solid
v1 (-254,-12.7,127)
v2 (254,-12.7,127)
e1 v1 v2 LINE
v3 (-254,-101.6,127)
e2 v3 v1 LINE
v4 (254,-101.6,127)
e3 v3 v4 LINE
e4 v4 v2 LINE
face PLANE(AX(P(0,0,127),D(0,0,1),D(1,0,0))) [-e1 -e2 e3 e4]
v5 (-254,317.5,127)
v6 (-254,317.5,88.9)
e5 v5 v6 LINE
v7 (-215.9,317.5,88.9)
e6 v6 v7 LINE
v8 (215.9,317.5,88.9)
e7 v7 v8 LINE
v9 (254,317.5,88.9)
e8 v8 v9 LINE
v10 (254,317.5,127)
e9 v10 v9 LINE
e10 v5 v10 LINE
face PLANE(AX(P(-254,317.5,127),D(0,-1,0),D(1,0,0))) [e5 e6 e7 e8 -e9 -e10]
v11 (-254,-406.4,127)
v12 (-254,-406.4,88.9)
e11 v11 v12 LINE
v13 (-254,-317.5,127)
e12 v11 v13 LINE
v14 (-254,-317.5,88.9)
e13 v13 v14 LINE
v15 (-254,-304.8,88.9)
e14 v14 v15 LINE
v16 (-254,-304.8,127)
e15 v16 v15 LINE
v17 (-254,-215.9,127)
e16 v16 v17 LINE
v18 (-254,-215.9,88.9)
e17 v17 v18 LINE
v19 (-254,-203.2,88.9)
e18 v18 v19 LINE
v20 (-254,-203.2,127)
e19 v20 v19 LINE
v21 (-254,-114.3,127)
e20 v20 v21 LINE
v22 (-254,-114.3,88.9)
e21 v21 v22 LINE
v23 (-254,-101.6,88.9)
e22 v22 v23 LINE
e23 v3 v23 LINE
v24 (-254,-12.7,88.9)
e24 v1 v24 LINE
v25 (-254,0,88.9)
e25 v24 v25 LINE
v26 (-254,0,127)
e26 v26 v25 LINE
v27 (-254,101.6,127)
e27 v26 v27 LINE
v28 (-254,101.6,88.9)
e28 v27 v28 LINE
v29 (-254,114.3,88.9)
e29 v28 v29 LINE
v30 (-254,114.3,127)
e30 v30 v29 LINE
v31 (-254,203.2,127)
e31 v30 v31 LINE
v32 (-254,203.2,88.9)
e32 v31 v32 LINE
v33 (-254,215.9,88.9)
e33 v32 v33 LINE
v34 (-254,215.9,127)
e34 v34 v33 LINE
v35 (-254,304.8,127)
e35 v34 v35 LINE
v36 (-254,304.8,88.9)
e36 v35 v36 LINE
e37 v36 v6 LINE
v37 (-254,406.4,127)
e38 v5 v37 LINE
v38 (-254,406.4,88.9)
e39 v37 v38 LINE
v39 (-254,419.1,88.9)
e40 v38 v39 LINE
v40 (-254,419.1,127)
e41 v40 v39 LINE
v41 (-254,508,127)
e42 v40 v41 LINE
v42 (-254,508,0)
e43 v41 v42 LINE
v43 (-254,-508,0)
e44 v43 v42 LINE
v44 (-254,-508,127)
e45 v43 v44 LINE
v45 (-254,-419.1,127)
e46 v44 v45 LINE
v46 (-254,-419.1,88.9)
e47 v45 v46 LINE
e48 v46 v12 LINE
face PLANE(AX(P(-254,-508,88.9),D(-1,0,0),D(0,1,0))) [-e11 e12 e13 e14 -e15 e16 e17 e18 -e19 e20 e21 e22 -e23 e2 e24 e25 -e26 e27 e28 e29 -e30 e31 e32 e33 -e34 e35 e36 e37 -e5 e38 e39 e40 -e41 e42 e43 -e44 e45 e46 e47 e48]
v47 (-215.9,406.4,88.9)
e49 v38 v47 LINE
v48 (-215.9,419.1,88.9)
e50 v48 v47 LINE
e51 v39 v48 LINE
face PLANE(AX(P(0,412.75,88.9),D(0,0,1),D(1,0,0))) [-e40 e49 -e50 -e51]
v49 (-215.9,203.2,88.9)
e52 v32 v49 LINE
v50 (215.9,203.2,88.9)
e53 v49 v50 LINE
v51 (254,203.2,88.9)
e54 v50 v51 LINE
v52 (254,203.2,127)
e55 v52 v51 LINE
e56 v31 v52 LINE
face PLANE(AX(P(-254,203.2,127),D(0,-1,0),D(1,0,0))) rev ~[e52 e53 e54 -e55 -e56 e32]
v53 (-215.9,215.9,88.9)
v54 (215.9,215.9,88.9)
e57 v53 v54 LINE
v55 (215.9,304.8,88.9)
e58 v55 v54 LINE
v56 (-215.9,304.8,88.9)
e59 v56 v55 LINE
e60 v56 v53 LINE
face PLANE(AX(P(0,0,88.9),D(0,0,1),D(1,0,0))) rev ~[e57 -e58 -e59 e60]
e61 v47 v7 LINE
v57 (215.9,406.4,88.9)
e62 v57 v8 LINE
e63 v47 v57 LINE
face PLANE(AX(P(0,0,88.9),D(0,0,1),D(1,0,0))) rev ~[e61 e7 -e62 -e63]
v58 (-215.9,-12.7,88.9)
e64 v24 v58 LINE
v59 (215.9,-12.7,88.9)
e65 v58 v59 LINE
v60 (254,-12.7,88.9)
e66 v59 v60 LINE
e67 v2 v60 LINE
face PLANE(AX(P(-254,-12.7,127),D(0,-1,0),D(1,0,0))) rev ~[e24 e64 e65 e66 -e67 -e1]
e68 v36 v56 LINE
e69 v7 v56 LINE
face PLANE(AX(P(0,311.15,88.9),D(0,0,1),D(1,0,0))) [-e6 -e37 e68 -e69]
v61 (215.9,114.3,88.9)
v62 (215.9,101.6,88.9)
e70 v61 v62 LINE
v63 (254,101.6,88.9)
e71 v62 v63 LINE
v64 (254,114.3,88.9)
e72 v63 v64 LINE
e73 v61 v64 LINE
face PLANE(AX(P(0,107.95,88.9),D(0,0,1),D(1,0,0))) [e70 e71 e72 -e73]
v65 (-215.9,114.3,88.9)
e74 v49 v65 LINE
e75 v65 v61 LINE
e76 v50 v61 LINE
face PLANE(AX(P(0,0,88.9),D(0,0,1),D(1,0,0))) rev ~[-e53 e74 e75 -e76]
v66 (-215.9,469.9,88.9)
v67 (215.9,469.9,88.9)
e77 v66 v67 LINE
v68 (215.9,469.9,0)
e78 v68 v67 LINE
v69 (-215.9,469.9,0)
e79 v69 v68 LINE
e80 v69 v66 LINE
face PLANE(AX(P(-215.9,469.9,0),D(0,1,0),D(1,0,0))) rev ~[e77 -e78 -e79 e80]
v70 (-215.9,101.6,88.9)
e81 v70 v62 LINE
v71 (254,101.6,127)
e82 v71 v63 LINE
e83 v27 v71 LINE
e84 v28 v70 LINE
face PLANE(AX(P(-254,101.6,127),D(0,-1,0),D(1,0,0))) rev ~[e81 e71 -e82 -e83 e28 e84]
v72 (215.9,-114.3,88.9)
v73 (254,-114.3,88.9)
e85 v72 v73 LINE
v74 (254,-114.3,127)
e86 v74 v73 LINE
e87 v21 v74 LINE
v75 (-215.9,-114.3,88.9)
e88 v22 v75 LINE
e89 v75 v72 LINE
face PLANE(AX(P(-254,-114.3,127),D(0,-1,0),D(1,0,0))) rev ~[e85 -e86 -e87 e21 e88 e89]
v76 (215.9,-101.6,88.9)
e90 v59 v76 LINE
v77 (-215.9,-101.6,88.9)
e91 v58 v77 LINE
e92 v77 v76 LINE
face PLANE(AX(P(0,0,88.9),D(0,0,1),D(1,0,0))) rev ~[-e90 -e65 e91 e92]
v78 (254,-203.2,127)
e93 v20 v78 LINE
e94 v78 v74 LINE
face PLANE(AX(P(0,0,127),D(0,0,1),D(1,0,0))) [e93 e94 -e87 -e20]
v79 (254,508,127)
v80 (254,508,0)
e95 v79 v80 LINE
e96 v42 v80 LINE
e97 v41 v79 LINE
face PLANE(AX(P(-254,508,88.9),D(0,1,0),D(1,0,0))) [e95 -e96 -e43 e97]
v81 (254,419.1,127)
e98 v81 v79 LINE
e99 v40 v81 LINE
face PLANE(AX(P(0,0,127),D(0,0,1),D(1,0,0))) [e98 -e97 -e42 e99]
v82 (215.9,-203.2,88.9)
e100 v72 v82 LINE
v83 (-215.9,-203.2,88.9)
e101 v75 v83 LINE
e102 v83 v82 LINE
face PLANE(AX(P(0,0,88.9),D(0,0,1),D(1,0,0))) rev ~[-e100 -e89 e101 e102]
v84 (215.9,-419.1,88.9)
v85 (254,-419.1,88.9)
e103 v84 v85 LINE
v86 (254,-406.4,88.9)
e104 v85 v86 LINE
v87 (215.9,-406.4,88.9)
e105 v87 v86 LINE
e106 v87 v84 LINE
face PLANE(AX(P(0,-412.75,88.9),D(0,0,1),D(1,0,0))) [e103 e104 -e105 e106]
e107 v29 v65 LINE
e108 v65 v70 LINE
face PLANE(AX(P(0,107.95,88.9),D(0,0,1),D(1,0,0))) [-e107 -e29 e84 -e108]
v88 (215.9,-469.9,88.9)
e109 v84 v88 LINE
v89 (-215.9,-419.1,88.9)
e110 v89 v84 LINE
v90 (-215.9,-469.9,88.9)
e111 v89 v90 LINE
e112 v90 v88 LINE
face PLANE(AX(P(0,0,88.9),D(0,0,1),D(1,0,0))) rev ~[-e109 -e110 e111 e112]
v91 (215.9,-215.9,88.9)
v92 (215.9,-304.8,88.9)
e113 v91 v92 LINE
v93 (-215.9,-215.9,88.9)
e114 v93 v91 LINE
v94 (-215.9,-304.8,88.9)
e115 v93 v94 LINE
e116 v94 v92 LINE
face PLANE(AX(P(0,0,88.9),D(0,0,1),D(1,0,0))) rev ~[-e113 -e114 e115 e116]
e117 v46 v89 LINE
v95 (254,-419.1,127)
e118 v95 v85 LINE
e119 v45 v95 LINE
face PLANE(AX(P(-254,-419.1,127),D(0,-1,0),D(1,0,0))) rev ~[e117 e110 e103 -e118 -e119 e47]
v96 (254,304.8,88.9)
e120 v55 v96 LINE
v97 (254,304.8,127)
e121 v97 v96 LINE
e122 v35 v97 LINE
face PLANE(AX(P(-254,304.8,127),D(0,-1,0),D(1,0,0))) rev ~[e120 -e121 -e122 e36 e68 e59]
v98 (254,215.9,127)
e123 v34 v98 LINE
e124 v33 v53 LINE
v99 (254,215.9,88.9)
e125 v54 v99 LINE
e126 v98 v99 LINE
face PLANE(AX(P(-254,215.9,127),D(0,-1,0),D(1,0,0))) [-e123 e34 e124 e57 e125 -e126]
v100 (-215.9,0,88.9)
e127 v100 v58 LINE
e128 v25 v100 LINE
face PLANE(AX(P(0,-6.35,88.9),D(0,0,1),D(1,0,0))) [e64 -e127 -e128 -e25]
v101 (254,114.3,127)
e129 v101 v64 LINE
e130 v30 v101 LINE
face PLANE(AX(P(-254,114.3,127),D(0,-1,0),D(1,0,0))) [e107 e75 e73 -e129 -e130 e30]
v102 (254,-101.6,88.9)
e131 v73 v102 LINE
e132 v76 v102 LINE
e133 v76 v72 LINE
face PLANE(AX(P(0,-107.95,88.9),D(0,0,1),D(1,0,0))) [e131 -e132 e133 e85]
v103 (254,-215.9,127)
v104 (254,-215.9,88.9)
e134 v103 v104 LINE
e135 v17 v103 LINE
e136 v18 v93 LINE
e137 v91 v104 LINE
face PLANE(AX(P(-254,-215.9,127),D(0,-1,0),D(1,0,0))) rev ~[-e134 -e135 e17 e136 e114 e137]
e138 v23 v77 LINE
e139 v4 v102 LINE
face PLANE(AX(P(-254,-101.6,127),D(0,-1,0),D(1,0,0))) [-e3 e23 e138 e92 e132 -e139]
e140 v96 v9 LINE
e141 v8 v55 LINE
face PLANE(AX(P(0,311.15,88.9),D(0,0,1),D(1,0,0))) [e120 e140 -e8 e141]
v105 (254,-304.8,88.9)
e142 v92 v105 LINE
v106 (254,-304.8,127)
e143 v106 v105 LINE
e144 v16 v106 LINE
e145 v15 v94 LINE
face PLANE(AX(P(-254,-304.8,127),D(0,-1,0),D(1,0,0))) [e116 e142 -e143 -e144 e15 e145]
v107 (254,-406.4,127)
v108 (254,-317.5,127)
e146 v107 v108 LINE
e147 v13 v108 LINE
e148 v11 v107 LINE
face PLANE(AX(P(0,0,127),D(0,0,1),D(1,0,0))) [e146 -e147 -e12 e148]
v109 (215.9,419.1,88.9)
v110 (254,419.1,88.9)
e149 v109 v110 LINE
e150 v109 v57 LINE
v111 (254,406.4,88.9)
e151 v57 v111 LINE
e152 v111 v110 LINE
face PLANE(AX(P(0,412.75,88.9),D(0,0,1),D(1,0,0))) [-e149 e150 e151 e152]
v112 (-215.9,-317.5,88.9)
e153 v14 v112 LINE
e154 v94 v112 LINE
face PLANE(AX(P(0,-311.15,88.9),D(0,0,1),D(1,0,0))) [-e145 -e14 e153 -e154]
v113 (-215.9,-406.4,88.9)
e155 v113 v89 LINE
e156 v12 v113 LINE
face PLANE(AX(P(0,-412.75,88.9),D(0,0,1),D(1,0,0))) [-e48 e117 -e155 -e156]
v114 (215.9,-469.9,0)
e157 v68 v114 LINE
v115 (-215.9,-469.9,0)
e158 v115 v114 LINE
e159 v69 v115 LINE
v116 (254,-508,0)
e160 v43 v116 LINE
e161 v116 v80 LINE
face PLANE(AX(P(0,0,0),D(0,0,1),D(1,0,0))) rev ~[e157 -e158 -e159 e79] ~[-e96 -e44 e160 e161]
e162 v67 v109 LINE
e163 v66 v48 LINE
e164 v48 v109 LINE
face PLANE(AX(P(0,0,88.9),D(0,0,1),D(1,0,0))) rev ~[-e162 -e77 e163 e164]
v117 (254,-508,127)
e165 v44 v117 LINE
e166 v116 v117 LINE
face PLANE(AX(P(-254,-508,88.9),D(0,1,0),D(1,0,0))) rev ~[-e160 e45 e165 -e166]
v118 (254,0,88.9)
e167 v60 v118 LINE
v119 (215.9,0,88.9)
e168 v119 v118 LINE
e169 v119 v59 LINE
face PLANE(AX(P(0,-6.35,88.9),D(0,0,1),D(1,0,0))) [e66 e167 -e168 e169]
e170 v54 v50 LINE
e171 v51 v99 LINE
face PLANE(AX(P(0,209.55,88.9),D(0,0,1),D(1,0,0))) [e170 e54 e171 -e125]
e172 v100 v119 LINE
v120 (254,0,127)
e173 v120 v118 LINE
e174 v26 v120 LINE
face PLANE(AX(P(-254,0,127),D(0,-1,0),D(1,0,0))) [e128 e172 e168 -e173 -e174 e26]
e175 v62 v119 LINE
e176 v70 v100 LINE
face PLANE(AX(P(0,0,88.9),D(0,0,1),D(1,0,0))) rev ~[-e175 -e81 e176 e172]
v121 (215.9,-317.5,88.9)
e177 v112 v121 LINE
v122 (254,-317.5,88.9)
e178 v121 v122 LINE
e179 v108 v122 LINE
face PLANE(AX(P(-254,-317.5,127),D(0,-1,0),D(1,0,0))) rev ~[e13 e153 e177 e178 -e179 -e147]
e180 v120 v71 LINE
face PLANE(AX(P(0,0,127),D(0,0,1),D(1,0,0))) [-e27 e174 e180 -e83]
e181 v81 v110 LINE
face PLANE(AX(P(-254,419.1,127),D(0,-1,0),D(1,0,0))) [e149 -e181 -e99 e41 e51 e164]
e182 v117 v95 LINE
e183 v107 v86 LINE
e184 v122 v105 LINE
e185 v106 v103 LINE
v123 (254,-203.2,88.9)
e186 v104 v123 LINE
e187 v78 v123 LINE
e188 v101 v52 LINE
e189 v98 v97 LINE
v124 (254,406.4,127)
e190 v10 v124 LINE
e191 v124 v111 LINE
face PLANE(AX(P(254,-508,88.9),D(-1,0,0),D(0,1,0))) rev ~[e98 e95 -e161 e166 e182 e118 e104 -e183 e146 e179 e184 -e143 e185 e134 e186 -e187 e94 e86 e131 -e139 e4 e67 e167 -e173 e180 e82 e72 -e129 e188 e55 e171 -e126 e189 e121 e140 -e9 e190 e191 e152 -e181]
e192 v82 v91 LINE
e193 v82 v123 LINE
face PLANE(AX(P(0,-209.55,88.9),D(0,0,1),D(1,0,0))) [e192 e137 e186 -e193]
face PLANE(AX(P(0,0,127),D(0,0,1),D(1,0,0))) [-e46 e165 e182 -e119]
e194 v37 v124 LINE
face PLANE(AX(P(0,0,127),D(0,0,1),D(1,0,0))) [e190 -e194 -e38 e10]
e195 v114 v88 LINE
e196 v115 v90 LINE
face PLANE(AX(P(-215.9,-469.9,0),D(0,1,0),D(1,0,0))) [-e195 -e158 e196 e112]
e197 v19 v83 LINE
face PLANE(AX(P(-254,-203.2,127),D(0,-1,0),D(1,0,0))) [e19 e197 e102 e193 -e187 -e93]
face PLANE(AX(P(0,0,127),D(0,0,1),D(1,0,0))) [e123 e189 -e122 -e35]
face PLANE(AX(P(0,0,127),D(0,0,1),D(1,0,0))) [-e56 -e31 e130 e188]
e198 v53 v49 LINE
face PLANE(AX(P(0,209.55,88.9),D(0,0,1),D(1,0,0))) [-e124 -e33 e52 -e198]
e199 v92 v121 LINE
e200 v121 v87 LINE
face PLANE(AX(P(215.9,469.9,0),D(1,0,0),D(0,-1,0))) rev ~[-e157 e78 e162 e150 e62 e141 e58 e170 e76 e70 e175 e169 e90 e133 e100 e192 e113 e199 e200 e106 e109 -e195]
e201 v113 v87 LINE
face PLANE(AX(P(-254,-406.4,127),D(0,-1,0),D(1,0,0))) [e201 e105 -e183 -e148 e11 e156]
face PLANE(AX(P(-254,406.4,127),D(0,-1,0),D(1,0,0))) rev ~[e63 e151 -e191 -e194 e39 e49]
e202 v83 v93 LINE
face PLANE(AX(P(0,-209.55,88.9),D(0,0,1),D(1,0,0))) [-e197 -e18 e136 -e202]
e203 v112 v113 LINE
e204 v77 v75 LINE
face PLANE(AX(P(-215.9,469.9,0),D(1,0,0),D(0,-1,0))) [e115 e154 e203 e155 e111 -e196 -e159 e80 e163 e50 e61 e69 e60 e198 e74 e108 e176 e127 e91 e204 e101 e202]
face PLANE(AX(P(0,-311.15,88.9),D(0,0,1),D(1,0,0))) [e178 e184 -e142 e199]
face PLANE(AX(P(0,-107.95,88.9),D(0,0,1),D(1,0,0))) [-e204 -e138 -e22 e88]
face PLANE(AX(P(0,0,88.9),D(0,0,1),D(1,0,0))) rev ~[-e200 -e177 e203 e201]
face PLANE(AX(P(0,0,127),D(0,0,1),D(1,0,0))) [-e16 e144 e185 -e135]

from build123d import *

# Parameters (mm, degrees)
F0_W     = 508
F0_H     = 1016
F1_DEPTH = 88.9
F2_W     = 431.8
F2_H     = 939.8
F6_DEPTH = 88.9
F3_W     = 508
F3_H     = 1016
F4_DEPTH = 38.1
F5_W     = 508
F5_H     = 12.7
F7_DEPTH = 38.1


with BuildPart() as f1:
    # F0 (on Top) → F1 (new body)
    with BuildSketch(Plane.XY):
        Rectangle(F0_W, F0_H)
    extrude(amount=F1_DEPTH)

    # F2 (on face) → F6 (cut)
    with BuildSketch(Plane(origin=(0, 0, 0), x_dir=(1, 0, 0), z_dir=(0, 0, -1))):
        Rectangle(F2_W, F2_H)
    extrude(amount=-F6_DEPTH, mode=Mode.SUBTRACT)

    # F3 (on face) → F4 (join)
    with BuildSketch(Plane.XY.offset(88.9)):
        Rectangle(F3_W, F3_H)
    extrude(amount=F4_DEPTH)

    # F5 (on face) → F7 (cut)
    with BuildSketch(Plane.XY.offset(127)):
        with Locations((0, 412.75)):
            Rectangle(F5_W, F5_H)
        with Locations((0, 311.15)):
            Rectangle(F5_W, F5_H)
        with Locations((0, 209.55)):
            Rectangle(F5_W, F5_H)
        with Locations((0, 107.95)):
            Rectangle(F5_W, F5_H)
        with Locations((0, -6.35)):
            Rectangle(F5_W, F5_H)
        with Locations((0, -107.95)):
            Rectangle(F5_W, F5_H)
        with Locations((0, -209.55)):
            Rectangle(F5_W, F5_H)
        with Locations((0, -311.15)):
            Rectangle(F5_W, F5_H)
        with Locations((0, -412.75)):
            Rectangle(F5_W, F5_H)
    extrude(amount=-F7_DEPTH, mode=Mode.SUBTRACT)


solid = f1.part
